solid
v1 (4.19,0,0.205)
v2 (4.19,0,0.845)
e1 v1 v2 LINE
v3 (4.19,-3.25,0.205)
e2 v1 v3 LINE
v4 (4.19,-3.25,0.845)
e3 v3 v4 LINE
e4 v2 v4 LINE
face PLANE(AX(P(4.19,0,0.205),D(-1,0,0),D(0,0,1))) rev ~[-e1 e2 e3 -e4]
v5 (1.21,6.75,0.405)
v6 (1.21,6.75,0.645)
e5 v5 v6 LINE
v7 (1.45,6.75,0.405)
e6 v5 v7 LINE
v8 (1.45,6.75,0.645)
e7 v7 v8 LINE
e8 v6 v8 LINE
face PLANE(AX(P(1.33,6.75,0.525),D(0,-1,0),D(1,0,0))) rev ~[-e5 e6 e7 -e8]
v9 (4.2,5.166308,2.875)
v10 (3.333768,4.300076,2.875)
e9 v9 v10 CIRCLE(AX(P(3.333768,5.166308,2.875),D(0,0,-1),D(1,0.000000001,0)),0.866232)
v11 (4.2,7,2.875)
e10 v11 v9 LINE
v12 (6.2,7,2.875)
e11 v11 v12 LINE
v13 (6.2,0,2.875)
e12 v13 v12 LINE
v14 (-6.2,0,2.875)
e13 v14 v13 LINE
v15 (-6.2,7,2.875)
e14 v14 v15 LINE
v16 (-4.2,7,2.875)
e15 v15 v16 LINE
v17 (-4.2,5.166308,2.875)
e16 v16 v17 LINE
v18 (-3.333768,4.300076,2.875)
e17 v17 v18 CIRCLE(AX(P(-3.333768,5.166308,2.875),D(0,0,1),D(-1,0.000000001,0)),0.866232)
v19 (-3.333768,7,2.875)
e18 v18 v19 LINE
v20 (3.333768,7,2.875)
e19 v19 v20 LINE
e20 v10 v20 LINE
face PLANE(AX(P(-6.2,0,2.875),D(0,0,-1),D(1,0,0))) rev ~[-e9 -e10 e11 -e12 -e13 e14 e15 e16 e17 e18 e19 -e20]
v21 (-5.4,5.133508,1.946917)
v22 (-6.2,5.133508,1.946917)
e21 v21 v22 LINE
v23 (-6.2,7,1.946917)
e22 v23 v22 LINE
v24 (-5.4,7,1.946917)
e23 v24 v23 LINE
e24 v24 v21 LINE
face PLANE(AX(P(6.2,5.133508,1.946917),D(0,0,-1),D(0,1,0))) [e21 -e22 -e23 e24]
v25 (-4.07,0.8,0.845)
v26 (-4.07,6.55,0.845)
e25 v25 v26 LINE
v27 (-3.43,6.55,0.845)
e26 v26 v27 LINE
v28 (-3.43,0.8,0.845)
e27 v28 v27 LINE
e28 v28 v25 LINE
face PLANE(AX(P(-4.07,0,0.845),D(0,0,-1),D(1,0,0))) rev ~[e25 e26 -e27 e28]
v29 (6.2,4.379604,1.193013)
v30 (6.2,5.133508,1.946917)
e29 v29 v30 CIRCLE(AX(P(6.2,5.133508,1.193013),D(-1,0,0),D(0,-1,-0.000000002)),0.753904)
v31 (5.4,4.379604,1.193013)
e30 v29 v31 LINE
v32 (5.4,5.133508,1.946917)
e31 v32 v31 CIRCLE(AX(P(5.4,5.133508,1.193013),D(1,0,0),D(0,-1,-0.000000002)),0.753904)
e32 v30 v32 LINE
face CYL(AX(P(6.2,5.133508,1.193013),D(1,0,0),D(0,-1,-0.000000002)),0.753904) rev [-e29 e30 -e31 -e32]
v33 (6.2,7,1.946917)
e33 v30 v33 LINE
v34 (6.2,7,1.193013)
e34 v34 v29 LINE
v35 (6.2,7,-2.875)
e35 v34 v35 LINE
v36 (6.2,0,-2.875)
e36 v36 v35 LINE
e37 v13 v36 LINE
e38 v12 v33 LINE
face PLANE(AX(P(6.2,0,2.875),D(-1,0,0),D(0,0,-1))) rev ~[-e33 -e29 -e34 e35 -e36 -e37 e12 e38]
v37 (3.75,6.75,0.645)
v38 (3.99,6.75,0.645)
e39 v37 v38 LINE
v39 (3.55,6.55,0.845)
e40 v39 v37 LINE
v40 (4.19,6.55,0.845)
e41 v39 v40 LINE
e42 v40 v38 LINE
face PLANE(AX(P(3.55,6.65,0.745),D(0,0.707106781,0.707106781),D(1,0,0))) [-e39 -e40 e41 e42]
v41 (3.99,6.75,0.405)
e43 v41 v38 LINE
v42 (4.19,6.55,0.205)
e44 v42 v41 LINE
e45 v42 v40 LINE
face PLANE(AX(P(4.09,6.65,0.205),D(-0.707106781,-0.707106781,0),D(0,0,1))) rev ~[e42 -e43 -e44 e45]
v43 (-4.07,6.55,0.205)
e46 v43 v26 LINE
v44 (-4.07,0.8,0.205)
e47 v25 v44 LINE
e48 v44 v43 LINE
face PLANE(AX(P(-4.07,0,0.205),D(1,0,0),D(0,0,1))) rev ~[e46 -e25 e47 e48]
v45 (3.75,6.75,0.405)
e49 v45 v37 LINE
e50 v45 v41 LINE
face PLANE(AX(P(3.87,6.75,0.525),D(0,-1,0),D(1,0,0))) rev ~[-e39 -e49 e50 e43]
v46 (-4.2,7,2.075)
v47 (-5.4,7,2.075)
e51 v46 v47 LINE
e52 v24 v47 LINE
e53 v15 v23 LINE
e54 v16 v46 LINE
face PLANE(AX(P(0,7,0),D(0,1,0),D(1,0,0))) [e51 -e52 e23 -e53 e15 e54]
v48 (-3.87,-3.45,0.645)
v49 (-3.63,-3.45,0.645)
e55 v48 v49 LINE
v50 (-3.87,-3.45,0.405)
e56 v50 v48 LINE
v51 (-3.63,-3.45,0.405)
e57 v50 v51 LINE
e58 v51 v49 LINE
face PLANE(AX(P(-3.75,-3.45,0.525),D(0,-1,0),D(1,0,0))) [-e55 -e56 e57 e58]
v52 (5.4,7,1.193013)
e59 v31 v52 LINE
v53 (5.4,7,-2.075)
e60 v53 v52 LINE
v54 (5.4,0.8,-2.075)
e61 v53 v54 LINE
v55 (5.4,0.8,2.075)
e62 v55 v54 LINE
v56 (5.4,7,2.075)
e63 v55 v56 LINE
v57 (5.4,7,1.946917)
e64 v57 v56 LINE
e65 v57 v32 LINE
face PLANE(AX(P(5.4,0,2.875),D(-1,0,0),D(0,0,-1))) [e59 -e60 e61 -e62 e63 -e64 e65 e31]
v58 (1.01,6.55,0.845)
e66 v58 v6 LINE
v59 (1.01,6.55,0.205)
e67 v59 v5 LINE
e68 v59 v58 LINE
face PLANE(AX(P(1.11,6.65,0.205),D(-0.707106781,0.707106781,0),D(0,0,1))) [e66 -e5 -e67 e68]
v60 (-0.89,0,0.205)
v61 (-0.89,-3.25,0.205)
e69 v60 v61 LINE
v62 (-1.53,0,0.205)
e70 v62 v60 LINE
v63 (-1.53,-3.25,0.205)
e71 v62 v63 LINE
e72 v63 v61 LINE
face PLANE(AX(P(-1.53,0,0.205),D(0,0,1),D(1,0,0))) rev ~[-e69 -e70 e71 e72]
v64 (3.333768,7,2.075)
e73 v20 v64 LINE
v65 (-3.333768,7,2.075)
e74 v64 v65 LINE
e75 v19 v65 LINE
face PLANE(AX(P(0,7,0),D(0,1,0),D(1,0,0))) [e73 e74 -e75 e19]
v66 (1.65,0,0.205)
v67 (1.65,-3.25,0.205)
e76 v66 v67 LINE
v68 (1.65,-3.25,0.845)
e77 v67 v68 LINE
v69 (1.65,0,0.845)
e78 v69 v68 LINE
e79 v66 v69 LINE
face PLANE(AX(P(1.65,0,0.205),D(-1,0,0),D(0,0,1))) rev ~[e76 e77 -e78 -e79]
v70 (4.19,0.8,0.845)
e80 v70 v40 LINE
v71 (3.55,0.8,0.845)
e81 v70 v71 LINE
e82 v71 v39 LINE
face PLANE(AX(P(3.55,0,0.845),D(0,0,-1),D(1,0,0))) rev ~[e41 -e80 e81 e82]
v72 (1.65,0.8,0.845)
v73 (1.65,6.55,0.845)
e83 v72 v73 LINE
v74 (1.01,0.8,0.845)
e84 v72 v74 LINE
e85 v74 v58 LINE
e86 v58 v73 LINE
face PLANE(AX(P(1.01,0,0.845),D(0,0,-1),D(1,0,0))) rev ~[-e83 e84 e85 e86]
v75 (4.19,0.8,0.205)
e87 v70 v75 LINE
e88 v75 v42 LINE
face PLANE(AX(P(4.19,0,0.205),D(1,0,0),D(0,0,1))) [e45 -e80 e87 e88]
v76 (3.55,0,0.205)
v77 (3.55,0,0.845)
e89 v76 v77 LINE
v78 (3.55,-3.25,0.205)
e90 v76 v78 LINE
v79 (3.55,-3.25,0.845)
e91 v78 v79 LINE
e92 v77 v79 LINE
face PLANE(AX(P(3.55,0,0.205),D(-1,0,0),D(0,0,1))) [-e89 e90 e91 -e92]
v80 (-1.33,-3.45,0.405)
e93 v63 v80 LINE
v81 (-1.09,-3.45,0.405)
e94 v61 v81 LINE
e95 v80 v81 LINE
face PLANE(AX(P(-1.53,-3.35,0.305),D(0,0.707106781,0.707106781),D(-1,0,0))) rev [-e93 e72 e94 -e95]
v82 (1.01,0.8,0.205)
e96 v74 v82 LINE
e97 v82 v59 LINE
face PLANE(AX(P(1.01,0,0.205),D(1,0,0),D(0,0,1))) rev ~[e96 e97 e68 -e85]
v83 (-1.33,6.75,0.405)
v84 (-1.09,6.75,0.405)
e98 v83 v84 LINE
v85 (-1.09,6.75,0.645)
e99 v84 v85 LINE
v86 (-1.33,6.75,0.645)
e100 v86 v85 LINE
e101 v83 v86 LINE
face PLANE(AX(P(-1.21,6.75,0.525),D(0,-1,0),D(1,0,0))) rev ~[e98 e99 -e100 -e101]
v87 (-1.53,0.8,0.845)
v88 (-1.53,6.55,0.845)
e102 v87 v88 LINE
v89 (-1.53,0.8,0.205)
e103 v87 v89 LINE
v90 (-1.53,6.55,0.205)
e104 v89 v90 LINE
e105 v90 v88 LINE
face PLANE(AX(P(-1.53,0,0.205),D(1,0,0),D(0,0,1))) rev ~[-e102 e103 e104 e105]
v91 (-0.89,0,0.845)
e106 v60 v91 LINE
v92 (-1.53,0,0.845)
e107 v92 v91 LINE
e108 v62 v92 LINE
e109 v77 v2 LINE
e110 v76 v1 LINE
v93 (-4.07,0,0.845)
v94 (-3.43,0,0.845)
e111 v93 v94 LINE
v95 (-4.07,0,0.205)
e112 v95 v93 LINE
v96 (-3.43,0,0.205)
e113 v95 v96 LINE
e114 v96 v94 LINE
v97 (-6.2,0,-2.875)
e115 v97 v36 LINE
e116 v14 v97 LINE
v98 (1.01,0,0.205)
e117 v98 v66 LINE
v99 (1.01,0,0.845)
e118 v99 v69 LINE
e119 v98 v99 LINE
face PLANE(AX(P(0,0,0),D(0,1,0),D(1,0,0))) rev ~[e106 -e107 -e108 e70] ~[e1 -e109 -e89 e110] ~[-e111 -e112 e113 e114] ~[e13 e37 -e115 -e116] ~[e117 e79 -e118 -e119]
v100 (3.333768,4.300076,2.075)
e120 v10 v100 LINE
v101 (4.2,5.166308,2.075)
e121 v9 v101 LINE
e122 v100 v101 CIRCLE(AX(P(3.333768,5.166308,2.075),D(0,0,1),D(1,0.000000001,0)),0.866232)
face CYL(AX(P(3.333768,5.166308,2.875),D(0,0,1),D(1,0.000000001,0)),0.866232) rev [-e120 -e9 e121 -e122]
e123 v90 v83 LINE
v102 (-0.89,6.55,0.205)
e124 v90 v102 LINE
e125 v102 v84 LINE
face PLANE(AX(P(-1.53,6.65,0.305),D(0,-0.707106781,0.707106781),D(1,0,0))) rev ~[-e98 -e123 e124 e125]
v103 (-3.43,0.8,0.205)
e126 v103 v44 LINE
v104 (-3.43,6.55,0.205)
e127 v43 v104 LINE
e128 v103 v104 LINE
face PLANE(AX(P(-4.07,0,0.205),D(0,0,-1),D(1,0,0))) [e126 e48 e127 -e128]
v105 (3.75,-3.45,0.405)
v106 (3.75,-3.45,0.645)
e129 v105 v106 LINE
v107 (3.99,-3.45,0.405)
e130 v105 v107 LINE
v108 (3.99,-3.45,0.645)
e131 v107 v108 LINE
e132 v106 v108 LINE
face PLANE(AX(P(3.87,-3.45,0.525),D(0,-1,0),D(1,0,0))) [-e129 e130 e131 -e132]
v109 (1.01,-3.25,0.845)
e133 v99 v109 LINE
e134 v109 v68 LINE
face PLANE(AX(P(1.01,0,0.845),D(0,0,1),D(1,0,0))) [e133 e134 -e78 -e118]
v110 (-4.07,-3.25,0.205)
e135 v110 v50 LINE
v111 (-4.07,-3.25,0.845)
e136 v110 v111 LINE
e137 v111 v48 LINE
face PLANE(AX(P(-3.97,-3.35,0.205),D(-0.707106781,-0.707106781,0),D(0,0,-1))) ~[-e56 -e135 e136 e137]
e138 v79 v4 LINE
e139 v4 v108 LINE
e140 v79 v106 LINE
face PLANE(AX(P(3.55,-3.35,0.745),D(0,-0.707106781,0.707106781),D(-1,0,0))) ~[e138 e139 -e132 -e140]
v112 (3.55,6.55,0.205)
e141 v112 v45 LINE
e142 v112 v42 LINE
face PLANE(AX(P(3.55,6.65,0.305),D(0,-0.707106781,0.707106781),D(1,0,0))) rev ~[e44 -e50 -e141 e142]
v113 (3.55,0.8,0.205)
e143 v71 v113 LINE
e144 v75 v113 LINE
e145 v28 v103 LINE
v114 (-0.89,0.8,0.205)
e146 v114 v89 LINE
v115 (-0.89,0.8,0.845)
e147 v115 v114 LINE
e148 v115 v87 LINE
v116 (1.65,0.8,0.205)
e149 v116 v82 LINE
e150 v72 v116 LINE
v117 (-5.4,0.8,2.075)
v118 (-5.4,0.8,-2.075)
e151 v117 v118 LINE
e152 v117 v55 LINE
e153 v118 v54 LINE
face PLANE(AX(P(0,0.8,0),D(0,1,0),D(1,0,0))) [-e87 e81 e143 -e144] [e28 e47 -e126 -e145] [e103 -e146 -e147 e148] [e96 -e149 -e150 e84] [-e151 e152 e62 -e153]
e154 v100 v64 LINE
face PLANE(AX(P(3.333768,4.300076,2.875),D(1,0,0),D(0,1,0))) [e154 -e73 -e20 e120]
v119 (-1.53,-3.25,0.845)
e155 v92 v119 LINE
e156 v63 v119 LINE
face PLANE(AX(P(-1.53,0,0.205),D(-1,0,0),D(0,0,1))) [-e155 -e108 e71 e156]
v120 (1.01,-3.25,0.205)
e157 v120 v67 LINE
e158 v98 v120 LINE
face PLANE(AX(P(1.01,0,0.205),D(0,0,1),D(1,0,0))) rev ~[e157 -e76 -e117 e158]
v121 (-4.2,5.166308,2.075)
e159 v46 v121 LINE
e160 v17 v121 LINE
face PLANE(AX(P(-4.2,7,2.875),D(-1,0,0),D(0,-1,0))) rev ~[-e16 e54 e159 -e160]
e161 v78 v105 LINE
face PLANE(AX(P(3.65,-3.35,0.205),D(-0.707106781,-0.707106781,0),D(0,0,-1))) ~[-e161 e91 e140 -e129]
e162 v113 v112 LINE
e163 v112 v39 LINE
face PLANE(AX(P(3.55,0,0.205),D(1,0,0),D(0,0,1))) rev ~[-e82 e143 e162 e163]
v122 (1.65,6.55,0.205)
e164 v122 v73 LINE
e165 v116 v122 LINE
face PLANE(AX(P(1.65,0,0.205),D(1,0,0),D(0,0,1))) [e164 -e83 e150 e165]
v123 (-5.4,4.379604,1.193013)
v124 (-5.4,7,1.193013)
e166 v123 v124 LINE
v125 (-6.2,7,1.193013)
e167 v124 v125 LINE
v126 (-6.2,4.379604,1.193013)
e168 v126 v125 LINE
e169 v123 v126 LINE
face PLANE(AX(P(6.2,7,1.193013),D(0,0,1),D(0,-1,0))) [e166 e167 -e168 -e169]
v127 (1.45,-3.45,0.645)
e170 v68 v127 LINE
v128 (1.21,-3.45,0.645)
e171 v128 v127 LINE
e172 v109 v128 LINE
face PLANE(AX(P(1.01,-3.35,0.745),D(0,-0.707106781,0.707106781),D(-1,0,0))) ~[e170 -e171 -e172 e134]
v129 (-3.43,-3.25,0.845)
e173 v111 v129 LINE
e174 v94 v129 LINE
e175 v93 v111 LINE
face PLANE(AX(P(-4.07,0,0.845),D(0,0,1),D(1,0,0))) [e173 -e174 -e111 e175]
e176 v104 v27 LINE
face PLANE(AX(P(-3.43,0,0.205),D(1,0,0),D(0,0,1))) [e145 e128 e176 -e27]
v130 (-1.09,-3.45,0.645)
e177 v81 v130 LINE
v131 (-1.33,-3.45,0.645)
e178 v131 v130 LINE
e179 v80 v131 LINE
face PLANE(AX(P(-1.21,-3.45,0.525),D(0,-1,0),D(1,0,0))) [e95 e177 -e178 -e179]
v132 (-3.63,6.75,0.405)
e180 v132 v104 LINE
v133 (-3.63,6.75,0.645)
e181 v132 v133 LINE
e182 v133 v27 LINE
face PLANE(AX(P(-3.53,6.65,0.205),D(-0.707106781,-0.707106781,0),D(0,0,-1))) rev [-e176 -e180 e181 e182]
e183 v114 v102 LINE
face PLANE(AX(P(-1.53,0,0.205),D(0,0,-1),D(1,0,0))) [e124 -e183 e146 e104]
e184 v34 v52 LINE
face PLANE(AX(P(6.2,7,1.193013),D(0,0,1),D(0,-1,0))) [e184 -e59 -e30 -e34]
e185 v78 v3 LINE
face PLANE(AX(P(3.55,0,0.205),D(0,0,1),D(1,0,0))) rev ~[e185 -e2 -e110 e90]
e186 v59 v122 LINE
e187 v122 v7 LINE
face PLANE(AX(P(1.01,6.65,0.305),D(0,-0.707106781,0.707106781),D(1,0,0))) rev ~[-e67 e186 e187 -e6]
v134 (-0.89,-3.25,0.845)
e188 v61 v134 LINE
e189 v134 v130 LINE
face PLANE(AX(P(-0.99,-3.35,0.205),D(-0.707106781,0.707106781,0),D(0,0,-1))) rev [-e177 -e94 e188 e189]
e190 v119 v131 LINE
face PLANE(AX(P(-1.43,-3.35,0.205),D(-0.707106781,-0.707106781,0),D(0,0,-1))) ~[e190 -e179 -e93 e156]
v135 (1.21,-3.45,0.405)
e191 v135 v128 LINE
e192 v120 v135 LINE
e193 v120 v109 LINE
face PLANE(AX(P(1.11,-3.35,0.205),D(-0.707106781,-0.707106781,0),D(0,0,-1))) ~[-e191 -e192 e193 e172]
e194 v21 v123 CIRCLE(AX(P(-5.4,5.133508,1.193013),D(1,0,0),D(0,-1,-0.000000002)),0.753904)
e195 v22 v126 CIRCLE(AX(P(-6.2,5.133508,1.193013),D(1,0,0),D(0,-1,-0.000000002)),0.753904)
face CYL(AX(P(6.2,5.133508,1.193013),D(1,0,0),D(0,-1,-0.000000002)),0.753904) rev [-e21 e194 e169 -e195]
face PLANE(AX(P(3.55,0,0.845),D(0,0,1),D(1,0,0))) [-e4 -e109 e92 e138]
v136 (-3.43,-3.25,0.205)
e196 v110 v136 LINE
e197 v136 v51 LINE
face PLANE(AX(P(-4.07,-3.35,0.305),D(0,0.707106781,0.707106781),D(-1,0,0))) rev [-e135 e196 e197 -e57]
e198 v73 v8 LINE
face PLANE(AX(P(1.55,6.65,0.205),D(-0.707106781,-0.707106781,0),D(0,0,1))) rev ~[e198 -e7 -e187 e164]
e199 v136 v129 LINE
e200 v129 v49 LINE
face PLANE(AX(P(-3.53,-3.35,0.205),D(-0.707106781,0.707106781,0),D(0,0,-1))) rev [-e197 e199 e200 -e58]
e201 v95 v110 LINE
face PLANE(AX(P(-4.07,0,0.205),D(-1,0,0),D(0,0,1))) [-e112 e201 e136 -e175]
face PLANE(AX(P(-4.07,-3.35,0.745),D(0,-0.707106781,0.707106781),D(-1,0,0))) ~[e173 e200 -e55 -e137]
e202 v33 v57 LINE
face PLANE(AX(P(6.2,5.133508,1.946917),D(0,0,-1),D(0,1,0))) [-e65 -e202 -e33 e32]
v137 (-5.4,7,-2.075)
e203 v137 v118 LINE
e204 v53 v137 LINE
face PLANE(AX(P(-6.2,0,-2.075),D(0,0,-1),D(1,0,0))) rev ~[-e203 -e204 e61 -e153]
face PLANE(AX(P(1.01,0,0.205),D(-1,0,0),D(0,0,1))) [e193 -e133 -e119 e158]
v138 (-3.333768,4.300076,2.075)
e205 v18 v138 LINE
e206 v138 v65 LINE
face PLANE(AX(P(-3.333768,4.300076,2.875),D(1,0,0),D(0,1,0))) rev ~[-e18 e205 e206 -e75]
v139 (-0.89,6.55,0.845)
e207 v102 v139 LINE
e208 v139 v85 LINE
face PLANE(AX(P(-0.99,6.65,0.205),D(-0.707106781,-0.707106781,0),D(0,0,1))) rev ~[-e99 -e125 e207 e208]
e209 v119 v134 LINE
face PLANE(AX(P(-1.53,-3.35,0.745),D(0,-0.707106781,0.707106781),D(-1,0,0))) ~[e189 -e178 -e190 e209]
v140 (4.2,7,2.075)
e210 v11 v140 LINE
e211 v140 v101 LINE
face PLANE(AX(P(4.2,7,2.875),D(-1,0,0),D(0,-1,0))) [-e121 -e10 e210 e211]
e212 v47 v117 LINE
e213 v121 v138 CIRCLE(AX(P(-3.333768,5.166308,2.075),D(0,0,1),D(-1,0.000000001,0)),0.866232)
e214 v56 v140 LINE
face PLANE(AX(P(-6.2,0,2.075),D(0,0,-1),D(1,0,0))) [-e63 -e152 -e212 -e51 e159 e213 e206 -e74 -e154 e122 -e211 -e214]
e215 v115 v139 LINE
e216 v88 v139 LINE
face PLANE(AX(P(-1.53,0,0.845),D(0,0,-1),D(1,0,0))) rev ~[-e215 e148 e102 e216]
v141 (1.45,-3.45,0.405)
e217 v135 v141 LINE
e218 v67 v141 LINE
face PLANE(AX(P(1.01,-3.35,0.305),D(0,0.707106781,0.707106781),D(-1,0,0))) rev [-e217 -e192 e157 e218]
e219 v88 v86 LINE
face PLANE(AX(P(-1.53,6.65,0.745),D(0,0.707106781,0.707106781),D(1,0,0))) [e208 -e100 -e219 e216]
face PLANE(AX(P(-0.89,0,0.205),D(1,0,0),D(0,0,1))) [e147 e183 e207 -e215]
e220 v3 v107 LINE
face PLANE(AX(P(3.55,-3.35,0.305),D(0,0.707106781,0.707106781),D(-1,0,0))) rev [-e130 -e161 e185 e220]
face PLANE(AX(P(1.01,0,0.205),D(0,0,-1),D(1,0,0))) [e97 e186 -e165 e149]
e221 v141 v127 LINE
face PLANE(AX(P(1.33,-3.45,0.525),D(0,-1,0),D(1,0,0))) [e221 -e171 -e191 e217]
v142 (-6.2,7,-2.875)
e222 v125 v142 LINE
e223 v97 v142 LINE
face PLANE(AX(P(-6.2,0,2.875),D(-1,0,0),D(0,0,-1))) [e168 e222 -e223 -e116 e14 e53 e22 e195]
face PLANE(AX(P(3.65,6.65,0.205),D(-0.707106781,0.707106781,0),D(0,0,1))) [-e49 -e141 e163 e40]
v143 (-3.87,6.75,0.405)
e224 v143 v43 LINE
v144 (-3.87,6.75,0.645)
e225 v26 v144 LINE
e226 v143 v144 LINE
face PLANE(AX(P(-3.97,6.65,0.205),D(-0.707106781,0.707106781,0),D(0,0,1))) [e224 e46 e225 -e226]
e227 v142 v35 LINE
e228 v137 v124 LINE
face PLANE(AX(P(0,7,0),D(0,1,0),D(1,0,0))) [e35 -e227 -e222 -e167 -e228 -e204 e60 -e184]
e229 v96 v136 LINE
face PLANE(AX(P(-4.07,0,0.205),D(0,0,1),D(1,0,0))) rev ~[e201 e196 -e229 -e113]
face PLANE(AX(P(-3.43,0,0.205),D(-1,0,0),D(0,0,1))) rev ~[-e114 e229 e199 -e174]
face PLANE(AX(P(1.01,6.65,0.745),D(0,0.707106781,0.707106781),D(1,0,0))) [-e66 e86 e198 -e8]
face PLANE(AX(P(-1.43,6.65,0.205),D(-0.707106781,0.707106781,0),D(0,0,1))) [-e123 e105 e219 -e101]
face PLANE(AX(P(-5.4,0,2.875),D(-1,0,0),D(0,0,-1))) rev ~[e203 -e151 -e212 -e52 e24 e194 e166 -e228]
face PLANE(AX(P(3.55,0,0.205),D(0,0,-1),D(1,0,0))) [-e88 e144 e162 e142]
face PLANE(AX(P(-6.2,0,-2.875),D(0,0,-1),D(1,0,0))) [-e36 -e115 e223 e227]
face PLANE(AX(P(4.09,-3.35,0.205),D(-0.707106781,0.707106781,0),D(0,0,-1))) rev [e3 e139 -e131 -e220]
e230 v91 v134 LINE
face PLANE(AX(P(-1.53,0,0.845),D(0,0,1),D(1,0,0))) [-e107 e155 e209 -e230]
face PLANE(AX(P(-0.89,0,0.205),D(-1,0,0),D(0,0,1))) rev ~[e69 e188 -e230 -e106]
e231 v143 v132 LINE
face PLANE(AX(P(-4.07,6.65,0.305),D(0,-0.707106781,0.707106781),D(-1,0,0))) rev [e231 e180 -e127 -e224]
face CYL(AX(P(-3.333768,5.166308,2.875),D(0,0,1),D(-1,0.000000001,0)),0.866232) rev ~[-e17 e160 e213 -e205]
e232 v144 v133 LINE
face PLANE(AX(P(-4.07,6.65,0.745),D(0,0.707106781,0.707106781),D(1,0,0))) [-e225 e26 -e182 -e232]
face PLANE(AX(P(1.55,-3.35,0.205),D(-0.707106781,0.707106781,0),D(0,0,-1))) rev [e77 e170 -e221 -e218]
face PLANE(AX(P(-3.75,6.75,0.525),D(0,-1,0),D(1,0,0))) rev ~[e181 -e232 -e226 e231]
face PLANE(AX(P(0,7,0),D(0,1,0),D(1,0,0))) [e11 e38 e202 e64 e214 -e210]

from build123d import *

# Parameters (mm, degrees)
SKETCH1_W                = 12.4
SKETCH1_H                = 5.75
BOSS_EXTRUDE1_DEPTH      = 7
SHELL1_T                 = -0.8
CUT_EXTRUDE1_DEPTH       = 13.4
CUT_EXTRUDE2_REACH       = 7.75
SKETCH4_W                = 0.64
SKETCH4_H                = 0.64
BOSS_EXTRUDE2_DEPTH      = 3.45
BOSS_EXTRUDE2_DEPTH_BACK = 6.75
CHAMFER1_SIZE            = 0.2


with BuildPart() as part:
    # Sketch1 → Boss-Extrude1 (new body)
    with BuildSketch(Plane(origin=(0, 0, 0), x_dir=(1, 0, 0), z_dir=(0, 1, 0))):
        Rectangle(SKETCH1_W, SKETCH1_H)
    extrude(amount=BOSS_EXTRUDE1_DEPTH)

    # Shell1
    shell1_openings = [part.faces().sort_by_distance(p)[0] for p in [
        (0, 7, 0),
    ]]
    offset(amount=SHELL1_T, openings=shell1_openings, kind=Kind.INTERSECTION)

    # Sketch2 → Cut-Extrude1 (cut, through all)
    with BuildSketch(Plane(origin=(6.2, 0, 0), x_dir=(0, 0, -1), z_dir=(1, 0, 0))):
        with BuildLine():
            Line((-1.19301282, 7), (-1.19301282, 4.379603984))
            ThreePointArc((-1.19301282, 4.379603984), (-1.72610374, 4.600417472), (-1.946917229, 5.133508392))
            Line((-1.946917229, 5.133508392), (-1.946917229, 7))
            Line((-1.946917229, 7), (-1.19301282, 7))
        make_face()
    extrude(amount=-CUT_EXTRUDE1_DEPTH, mode=Mode.SUBTRACT)

    # Sketch3 → Cut-Extrude2 (cut, up to next)
    with BuildSketch(Plane.XY.offset(2.875), mode=Mode.PRIVATE) as cut_extrude2_sk1:
        with BuildLine():
            Line((-4.2, 7), (-4.2, 6.728922615))
            Line((-4.2, 6.728922615), (-4.2, 5.166308225))
            ThreePointArc((-4.2, 5.166308225), (-3.946286554, 4.553789782), (-3.33376811, 4.300076336))
            Line((-3.33376811, 4.300076336), (-3.33376811, 7))
            Line((-3.33376811, 7), (-4.2, 7))
        make_face()
    cut_extrude2_tool1 = extrude(cut_extrude2_sk1.sketch, amount=-CUT_EXTRUDE2_REACH, mode=Mode.PRIVATE) & part.part
    add(cut_extrude2_tool1.solids().sort_by_distance((-3.749165, 5.735551, 2.875))[0], mode=Mode.SUBTRACT)
    # Sketch3 → Cut-Extrude2 (cut, up to next)
    with BuildSketch(Plane.XY.offset(2.875), mode=Mode.PRIVATE) as cut_extrude2_sk2:
        with BuildLine():
            Line((3.33376811, 7), (4.2, 7))
            Line((4.2, 7), (4.2, 6.728922615))
            Line((4.2, 6.728922615), (4.2, 5.166308225))
            ThreePointArc((4.2, 5.166308225), (3.946286554, 4.553789782), (3.33376811, 4.300076336))
            Line((3.33376811, 4.300076336), (3.33376811, 7))
        make_face()
    cut_extrude2_tool2 = extrude(cut_extrude2_sk2.sketch, amount=-CUT_EXTRUDE2_REACH, mode=Mode.PRIVATE) & part.part
    add(cut_extrude2_tool2.solids().sort_by_distance((3.749165, 5.735551, 2.875))[0], mode=Mode.SUBTRACT)

    # Sketch4 → Boss-Extrude2 (add, two sides)
    with BuildSketch(Plane.XZ) as boss_extrude2_sk:
        with Locations((-3.75, 0.525)):
            Rectangle(SKETCH4_W, SKETCH4_H)
        with Locations((-1.21, 0.525)):
            Rectangle(SKETCH4_W, SKETCH4_H)
        with Locations((1.33, 0.525)):
            Rectangle(SKETCH4_W, SKETCH4_H)
        with Locations((3.87, 0.525)):
            Rectangle(SKETCH4_W, SKETCH4_H)
    extrude(amount=BOSS_EXTRUDE2_DEPTH)
    extrude(boss_extrude2_sk.sketch, amount=-BOSS_EXTRUDE2_DEPTH_BACK)

    # Chamfer1
    chamfer1_edges = [part.edges().sort_by_distance(p)[0] for p in [
        (-1.21, 6.75, 0.205),
        (-1.53, 6.75, 0.525),
        (-1.21, 6.75, 0.845),
        (-0.89, 6.75, 0.525),
        (-1.21, -3.45, 0.205),
        (-0.89, -3.45, 0.525),
        (-1.21, -3.45, 0.845),
        (-1.53, -3.45, 0.525),
        (1.33, 6.75, 0.205),
        (1.01, 6.75, 0.525),
        (1.33, 6.75, 0.845),
        (1.65, 6.75, 0.525),
        (1.33, -3.45, 0.205),
        (1.65, -3.45, 0.525),
        (1.33, -3.45, 0.845),
        (1.01, -3.45, 0.525),
        (3.87, 6.75, 0.205),
        (3.55, 6.75, 0.525),
        (3.87, 6.75, 0.845),
        (4.19, 6.75, 0.525),
        (3.87, -3.45, 0.205),
        (4.19, -3.45, 0.525),
        (3.87, -3.45, 0.845),
        (3.55, -3.45, 0.525),
        (-3.43, 6.75, 0.525),
        (-3.75, 6.75, 0.205),
        (-4.07, 6.75, 0.525),
        (-3.75, 6.75, 0.845),
        (-3.43, -3.45, 0.525),
        (-3.75, -3.45, 0.845),
        (-4.07, -3.45, 0.525),
        (-3.75, -3.45, 0.205),
    ]]
    chamfer(chamfer1_edges, length=CHAMFER1_SIZE)


solid = part.part
